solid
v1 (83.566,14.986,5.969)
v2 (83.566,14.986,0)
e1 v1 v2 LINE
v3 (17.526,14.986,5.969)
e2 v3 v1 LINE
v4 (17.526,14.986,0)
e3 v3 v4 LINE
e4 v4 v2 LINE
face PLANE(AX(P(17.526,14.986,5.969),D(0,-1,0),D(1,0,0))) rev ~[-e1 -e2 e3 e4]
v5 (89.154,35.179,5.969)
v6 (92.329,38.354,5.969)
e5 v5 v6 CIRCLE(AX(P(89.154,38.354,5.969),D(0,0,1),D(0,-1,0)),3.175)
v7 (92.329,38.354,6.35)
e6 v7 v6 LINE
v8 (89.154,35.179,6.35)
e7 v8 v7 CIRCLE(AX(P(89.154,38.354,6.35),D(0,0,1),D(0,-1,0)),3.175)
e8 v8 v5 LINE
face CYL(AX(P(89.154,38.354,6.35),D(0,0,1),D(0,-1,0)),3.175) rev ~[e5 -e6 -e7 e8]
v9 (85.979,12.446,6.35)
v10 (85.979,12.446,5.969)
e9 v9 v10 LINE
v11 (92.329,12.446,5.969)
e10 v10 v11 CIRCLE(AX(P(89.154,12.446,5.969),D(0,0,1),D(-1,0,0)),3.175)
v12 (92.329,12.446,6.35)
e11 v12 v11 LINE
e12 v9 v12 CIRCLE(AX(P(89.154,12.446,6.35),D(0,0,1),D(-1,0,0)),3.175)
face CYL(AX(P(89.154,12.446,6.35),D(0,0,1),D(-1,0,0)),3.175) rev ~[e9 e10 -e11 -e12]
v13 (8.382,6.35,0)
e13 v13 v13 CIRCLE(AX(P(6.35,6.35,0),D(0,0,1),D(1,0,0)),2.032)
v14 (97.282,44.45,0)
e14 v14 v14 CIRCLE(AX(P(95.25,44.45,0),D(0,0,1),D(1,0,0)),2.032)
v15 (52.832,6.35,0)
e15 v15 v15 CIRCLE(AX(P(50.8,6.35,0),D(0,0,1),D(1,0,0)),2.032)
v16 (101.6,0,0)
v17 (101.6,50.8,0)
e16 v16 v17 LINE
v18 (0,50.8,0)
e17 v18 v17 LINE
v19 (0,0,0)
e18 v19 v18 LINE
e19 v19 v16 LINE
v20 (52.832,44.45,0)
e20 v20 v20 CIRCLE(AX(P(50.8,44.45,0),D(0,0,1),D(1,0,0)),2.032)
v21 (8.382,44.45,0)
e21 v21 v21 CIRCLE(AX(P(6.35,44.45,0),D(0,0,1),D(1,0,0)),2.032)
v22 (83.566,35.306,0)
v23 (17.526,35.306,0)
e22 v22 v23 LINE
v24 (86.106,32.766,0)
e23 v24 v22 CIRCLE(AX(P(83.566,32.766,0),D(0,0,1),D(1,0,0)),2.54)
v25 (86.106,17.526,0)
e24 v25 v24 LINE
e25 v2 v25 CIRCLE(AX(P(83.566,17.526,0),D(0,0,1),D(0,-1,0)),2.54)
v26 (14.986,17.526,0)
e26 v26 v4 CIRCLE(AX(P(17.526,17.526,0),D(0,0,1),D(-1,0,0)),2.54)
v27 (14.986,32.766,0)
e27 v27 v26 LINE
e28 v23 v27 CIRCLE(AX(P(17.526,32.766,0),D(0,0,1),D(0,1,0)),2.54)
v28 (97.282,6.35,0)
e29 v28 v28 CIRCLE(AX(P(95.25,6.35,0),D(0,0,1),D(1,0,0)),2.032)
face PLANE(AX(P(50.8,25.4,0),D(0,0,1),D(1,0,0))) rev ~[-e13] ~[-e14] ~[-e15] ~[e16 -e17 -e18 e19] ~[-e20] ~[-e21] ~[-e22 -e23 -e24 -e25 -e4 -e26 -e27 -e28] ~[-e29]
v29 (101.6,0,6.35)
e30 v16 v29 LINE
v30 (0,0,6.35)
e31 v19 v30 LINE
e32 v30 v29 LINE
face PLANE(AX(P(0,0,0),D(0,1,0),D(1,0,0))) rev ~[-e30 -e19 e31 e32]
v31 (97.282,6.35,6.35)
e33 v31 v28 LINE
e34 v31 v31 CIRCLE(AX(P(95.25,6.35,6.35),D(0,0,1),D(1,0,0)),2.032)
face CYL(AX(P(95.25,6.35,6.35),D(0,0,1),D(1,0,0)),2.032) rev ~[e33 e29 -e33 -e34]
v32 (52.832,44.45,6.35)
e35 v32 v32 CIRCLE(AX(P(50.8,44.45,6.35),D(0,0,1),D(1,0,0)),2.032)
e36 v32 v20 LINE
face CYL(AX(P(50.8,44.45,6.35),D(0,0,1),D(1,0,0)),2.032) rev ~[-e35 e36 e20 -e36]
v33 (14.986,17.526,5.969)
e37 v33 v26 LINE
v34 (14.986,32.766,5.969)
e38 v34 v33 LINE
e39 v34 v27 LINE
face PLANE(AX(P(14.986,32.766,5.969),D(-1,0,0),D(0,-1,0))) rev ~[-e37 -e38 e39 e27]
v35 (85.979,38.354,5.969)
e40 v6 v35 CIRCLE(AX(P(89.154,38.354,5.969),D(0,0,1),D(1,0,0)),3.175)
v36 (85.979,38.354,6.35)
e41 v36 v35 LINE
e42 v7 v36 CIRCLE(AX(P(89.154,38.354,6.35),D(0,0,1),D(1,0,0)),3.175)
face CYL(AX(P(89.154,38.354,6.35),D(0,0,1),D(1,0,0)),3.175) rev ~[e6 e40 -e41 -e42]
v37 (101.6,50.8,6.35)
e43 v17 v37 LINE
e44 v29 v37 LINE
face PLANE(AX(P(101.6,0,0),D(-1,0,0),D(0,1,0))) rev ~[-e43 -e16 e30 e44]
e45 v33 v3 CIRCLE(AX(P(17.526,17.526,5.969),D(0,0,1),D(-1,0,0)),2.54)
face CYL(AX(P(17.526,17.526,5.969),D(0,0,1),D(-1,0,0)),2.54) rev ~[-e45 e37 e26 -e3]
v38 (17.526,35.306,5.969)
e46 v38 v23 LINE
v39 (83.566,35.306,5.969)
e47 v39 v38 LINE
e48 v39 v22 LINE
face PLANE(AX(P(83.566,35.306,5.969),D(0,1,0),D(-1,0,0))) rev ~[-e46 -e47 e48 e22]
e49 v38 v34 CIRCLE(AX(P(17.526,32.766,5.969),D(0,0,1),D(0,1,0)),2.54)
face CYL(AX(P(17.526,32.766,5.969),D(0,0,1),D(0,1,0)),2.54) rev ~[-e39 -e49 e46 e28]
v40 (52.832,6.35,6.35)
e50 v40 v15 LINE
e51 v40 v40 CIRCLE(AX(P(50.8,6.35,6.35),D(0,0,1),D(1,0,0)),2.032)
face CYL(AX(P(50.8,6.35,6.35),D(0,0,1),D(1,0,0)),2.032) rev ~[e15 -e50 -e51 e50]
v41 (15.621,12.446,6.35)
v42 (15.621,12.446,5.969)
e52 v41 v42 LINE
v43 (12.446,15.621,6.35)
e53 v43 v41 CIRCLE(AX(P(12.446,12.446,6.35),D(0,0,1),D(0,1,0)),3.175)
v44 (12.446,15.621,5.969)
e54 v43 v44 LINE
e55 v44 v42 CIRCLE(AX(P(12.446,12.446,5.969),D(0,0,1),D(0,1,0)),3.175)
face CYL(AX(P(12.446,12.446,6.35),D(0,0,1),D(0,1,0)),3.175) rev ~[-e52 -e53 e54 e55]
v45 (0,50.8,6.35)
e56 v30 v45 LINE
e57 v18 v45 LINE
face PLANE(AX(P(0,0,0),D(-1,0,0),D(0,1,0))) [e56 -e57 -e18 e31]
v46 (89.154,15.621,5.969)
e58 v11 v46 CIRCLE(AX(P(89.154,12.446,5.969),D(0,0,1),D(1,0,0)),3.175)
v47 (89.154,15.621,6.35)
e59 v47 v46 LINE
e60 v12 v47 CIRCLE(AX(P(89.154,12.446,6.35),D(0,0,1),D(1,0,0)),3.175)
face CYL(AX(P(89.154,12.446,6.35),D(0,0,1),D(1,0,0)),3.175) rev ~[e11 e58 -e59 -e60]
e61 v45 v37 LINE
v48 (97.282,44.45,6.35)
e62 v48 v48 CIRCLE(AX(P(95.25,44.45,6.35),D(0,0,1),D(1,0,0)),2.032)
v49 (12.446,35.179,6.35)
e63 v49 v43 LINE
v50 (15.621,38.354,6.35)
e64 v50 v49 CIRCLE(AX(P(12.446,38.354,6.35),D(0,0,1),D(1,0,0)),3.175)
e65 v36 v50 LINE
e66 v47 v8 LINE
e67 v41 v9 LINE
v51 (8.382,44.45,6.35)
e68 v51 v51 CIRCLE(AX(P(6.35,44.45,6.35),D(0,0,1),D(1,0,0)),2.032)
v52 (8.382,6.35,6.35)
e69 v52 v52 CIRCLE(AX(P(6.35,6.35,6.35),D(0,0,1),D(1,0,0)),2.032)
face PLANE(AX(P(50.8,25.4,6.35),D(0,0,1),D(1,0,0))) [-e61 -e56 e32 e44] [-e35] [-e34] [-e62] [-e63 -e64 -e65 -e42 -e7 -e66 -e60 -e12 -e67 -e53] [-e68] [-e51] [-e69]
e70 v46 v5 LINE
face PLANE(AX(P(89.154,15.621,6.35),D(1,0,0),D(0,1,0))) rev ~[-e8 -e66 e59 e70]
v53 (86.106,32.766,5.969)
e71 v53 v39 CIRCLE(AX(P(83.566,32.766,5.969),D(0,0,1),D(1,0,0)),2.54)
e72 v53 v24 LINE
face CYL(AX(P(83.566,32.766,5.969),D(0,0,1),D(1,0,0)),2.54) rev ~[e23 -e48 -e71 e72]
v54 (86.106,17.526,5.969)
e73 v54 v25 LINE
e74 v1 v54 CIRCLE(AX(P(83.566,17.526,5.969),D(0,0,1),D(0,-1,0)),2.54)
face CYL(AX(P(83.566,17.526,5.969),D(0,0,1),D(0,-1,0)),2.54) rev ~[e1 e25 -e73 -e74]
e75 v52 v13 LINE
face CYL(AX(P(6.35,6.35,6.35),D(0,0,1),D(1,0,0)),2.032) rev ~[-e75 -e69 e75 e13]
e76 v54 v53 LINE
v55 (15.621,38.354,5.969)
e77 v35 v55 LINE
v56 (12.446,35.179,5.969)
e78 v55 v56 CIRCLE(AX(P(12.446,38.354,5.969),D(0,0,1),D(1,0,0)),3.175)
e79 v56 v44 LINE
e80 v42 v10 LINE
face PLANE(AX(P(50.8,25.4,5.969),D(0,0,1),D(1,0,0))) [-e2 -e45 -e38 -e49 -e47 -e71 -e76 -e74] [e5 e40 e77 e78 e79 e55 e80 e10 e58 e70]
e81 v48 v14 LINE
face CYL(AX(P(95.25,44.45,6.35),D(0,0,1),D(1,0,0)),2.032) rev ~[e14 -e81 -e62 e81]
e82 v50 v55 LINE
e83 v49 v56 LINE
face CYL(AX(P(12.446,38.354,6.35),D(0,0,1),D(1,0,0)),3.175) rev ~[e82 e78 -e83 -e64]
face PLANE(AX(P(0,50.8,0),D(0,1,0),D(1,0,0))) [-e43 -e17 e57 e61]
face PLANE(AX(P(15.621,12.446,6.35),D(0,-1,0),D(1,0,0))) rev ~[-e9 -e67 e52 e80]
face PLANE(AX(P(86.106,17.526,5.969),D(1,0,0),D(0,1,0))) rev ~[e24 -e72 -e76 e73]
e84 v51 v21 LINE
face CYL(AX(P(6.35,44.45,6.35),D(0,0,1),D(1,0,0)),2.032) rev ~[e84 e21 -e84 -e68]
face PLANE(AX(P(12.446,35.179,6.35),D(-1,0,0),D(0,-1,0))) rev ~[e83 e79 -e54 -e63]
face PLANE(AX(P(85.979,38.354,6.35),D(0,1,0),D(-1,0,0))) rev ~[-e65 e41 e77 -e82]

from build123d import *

# Parameters (mm, degrees)
F0_W     = 101.6
F0_H     = 50.8
F1_DEPTH = 6.35
F3_DEPTH = 0.381
F5_DEPTH = 5.969
F6_R     = 2.032
F7_DEPTH = 6.35


with BuildPart() as f1:
    # F0 (on Top) → F1 (new body)
    with BuildSketch(Plane.XY):
        with Locations((50.8, 25.4)):
            Rectangle(F0_W, F0_H)
    extrude(amount=F1_DEPTH)

    # F2 (on face) → F3 (cut)
    with BuildSketch(Plane.XY.offset(6.35)):
        with BuildLine():
            ThreePointArc((12.446, 15.621), (14.6910640303, 14.6910640303), (15.621, 12.446))
            Line((15.621, 12.446), (85.979, 12.446))
            ThreePointArc((85.979, 12.446), (86.9089359697, 14.6910640303), (89.154, 15.621))
            Line((89.154, 15.621), (89.154, 35.179))
            ThreePointArc((89.154, 35.179), (86.9089359697, 36.1089359697), (85.979, 38.354))
            Line((85.979, 38.354), (15.621, 38.354))
            ThreePointArc((15.621, 38.354), (14.6910640303, 36.1089359697), (12.446, 35.179))
            Line((12.446, 35.179), (12.446, 15.621))
        make_face()
        with BuildLine():
            Line((89.154, 38.354), (89.154, 35.179))
            ThreePointArc((89.154, 35.179), (91.3990640303, 36.1089359697), (92.329, 38.354))
            ThreePointArc((92.329, 38.354), (89.154, 41.529), (85.979, 38.354))
            Line((85.979, 38.354), (89.154, 38.354))
        make_face()
        with BuildLine():
            ThreePointArc((85.979, 38.354), (86.9089359697, 36.1089359697), (89.154, 35.179))
            Line((89.154, 35.179), (89.154, 38.354))
            Line((89.154, 38.354), (85.979, 38.354))
        make_face()
        with BuildLine():
            Line((12.446, 38.354), (12.446, 35.179))
            ThreePointArc((12.446, 35.179), (14.6910640303, 36.1089359697), (15.621, 38.354))
            Line((15.621, 38.354), (12.446, 38.354))
        make_face()
        with BuildLine():
            ThreePointArc((15.621, 38.354), (10.2009359697, 40.5990640303), (12.446, 35.179))
            Line((12.446, 35.179), (12.446, 38.354))
            Line((12.446, 38.354), (15.621, 38.354))
        make_face()
        with BuildLine():
            Line((89.154, 12.446), (85.979, 12.446))
            ThreePointArc((85.979, 12.446), (89.154, 9.271), (92.329, 12.446))
            ThreePointArc((92.329, 12.446), (91.3990640303, 14.6910640303), (89.154, 15.621))
            Line((89.154, 15.621), (89.154, 12.446))
        make_face()
        with BuildLine():
            ThreePointArc((89.154, 15.621), (86.9089359697, 14.6910640303), (85.979, 12.446))
            Line((85.979, 12.446), (89.154, 12.446))
            Line((89.154, 12.446), (89.154, 15.621))
        make_face()
        with BuildLine():
            Line((15.621, 12.446), (12.446, 12.446))
            Line((12.446, 12.446), (12.446, 15.621))
            ThreePointArc((12.446, 15.621), (10.2009359697, 10.2009359697), (15.621, 12.446))
        make_face()
        with BuildLine():
            Line((12.446, 15.621), (12.446, 12.446))
            Line((12.446, 12.446), (15.621, 12.446))
            ThreePointArc((15.621, 12.446), (14.6910640303, 14.6910640303), (12.446, 15.621))
        make_face()
    extrude(amount=-F3_DEPTH, mode=Mode.SUBTRACT)

    # F4 (on face) → F5 (cut, through all)
    with BuildSketch(Plane.XY.offset(5.969)):
        with BuildLine():
            ThreePointArc((14.986, 17.526), (15.7299487758, 15.7299487758), (17.526, 14.986))
            Line((17.526, 14.986), (83.566, 14.986))
            ThreePointArc((83.566, 14.986), (85.3620512242, 15.7299487758), (86.106, 17.526))
            Line((86.106, 17.526), (86.106, 32.766))
            ThreePointArc((86.106, 32.766), (85.3620512242, 34.5620512242), (83.566, 35.306))
            Line((83.566, 35.306), (17.526, 35.306))
            ThreePointArc((17.526, 35.306), (15.7299487758, 34.5620512242), (14.986, 32.766))
            Line((14.986, 32.766), (14.986, 17.526))
        make_face()
    extrude(amount=-F5_DEPTH, mode=Mode.SUBTRACT)

    # F6 (on face) → F7 (cut, through all)
    with BuildSketch(Plane.XY.offset(6.35)):
        with Locations((6.35, 44.45)):
            Circle(F6_R)
        with Locations((50.8, 44.45)):
            Circle(F6_R)
        with Locations((95.25, 44.45)):
            Circle(F6_R)
        with Locations((95.25, 6.35)):
            Circle(F6_R)
        with Locations((50.8, 6.35)):
            Circle(F6_R)
        with Locations((6.35, 6.35)):
            Circle(F6_R)
    extrude(amount=-F7_DEPTH, mode=Mode.SUBTRACT)


solid = f1.part
